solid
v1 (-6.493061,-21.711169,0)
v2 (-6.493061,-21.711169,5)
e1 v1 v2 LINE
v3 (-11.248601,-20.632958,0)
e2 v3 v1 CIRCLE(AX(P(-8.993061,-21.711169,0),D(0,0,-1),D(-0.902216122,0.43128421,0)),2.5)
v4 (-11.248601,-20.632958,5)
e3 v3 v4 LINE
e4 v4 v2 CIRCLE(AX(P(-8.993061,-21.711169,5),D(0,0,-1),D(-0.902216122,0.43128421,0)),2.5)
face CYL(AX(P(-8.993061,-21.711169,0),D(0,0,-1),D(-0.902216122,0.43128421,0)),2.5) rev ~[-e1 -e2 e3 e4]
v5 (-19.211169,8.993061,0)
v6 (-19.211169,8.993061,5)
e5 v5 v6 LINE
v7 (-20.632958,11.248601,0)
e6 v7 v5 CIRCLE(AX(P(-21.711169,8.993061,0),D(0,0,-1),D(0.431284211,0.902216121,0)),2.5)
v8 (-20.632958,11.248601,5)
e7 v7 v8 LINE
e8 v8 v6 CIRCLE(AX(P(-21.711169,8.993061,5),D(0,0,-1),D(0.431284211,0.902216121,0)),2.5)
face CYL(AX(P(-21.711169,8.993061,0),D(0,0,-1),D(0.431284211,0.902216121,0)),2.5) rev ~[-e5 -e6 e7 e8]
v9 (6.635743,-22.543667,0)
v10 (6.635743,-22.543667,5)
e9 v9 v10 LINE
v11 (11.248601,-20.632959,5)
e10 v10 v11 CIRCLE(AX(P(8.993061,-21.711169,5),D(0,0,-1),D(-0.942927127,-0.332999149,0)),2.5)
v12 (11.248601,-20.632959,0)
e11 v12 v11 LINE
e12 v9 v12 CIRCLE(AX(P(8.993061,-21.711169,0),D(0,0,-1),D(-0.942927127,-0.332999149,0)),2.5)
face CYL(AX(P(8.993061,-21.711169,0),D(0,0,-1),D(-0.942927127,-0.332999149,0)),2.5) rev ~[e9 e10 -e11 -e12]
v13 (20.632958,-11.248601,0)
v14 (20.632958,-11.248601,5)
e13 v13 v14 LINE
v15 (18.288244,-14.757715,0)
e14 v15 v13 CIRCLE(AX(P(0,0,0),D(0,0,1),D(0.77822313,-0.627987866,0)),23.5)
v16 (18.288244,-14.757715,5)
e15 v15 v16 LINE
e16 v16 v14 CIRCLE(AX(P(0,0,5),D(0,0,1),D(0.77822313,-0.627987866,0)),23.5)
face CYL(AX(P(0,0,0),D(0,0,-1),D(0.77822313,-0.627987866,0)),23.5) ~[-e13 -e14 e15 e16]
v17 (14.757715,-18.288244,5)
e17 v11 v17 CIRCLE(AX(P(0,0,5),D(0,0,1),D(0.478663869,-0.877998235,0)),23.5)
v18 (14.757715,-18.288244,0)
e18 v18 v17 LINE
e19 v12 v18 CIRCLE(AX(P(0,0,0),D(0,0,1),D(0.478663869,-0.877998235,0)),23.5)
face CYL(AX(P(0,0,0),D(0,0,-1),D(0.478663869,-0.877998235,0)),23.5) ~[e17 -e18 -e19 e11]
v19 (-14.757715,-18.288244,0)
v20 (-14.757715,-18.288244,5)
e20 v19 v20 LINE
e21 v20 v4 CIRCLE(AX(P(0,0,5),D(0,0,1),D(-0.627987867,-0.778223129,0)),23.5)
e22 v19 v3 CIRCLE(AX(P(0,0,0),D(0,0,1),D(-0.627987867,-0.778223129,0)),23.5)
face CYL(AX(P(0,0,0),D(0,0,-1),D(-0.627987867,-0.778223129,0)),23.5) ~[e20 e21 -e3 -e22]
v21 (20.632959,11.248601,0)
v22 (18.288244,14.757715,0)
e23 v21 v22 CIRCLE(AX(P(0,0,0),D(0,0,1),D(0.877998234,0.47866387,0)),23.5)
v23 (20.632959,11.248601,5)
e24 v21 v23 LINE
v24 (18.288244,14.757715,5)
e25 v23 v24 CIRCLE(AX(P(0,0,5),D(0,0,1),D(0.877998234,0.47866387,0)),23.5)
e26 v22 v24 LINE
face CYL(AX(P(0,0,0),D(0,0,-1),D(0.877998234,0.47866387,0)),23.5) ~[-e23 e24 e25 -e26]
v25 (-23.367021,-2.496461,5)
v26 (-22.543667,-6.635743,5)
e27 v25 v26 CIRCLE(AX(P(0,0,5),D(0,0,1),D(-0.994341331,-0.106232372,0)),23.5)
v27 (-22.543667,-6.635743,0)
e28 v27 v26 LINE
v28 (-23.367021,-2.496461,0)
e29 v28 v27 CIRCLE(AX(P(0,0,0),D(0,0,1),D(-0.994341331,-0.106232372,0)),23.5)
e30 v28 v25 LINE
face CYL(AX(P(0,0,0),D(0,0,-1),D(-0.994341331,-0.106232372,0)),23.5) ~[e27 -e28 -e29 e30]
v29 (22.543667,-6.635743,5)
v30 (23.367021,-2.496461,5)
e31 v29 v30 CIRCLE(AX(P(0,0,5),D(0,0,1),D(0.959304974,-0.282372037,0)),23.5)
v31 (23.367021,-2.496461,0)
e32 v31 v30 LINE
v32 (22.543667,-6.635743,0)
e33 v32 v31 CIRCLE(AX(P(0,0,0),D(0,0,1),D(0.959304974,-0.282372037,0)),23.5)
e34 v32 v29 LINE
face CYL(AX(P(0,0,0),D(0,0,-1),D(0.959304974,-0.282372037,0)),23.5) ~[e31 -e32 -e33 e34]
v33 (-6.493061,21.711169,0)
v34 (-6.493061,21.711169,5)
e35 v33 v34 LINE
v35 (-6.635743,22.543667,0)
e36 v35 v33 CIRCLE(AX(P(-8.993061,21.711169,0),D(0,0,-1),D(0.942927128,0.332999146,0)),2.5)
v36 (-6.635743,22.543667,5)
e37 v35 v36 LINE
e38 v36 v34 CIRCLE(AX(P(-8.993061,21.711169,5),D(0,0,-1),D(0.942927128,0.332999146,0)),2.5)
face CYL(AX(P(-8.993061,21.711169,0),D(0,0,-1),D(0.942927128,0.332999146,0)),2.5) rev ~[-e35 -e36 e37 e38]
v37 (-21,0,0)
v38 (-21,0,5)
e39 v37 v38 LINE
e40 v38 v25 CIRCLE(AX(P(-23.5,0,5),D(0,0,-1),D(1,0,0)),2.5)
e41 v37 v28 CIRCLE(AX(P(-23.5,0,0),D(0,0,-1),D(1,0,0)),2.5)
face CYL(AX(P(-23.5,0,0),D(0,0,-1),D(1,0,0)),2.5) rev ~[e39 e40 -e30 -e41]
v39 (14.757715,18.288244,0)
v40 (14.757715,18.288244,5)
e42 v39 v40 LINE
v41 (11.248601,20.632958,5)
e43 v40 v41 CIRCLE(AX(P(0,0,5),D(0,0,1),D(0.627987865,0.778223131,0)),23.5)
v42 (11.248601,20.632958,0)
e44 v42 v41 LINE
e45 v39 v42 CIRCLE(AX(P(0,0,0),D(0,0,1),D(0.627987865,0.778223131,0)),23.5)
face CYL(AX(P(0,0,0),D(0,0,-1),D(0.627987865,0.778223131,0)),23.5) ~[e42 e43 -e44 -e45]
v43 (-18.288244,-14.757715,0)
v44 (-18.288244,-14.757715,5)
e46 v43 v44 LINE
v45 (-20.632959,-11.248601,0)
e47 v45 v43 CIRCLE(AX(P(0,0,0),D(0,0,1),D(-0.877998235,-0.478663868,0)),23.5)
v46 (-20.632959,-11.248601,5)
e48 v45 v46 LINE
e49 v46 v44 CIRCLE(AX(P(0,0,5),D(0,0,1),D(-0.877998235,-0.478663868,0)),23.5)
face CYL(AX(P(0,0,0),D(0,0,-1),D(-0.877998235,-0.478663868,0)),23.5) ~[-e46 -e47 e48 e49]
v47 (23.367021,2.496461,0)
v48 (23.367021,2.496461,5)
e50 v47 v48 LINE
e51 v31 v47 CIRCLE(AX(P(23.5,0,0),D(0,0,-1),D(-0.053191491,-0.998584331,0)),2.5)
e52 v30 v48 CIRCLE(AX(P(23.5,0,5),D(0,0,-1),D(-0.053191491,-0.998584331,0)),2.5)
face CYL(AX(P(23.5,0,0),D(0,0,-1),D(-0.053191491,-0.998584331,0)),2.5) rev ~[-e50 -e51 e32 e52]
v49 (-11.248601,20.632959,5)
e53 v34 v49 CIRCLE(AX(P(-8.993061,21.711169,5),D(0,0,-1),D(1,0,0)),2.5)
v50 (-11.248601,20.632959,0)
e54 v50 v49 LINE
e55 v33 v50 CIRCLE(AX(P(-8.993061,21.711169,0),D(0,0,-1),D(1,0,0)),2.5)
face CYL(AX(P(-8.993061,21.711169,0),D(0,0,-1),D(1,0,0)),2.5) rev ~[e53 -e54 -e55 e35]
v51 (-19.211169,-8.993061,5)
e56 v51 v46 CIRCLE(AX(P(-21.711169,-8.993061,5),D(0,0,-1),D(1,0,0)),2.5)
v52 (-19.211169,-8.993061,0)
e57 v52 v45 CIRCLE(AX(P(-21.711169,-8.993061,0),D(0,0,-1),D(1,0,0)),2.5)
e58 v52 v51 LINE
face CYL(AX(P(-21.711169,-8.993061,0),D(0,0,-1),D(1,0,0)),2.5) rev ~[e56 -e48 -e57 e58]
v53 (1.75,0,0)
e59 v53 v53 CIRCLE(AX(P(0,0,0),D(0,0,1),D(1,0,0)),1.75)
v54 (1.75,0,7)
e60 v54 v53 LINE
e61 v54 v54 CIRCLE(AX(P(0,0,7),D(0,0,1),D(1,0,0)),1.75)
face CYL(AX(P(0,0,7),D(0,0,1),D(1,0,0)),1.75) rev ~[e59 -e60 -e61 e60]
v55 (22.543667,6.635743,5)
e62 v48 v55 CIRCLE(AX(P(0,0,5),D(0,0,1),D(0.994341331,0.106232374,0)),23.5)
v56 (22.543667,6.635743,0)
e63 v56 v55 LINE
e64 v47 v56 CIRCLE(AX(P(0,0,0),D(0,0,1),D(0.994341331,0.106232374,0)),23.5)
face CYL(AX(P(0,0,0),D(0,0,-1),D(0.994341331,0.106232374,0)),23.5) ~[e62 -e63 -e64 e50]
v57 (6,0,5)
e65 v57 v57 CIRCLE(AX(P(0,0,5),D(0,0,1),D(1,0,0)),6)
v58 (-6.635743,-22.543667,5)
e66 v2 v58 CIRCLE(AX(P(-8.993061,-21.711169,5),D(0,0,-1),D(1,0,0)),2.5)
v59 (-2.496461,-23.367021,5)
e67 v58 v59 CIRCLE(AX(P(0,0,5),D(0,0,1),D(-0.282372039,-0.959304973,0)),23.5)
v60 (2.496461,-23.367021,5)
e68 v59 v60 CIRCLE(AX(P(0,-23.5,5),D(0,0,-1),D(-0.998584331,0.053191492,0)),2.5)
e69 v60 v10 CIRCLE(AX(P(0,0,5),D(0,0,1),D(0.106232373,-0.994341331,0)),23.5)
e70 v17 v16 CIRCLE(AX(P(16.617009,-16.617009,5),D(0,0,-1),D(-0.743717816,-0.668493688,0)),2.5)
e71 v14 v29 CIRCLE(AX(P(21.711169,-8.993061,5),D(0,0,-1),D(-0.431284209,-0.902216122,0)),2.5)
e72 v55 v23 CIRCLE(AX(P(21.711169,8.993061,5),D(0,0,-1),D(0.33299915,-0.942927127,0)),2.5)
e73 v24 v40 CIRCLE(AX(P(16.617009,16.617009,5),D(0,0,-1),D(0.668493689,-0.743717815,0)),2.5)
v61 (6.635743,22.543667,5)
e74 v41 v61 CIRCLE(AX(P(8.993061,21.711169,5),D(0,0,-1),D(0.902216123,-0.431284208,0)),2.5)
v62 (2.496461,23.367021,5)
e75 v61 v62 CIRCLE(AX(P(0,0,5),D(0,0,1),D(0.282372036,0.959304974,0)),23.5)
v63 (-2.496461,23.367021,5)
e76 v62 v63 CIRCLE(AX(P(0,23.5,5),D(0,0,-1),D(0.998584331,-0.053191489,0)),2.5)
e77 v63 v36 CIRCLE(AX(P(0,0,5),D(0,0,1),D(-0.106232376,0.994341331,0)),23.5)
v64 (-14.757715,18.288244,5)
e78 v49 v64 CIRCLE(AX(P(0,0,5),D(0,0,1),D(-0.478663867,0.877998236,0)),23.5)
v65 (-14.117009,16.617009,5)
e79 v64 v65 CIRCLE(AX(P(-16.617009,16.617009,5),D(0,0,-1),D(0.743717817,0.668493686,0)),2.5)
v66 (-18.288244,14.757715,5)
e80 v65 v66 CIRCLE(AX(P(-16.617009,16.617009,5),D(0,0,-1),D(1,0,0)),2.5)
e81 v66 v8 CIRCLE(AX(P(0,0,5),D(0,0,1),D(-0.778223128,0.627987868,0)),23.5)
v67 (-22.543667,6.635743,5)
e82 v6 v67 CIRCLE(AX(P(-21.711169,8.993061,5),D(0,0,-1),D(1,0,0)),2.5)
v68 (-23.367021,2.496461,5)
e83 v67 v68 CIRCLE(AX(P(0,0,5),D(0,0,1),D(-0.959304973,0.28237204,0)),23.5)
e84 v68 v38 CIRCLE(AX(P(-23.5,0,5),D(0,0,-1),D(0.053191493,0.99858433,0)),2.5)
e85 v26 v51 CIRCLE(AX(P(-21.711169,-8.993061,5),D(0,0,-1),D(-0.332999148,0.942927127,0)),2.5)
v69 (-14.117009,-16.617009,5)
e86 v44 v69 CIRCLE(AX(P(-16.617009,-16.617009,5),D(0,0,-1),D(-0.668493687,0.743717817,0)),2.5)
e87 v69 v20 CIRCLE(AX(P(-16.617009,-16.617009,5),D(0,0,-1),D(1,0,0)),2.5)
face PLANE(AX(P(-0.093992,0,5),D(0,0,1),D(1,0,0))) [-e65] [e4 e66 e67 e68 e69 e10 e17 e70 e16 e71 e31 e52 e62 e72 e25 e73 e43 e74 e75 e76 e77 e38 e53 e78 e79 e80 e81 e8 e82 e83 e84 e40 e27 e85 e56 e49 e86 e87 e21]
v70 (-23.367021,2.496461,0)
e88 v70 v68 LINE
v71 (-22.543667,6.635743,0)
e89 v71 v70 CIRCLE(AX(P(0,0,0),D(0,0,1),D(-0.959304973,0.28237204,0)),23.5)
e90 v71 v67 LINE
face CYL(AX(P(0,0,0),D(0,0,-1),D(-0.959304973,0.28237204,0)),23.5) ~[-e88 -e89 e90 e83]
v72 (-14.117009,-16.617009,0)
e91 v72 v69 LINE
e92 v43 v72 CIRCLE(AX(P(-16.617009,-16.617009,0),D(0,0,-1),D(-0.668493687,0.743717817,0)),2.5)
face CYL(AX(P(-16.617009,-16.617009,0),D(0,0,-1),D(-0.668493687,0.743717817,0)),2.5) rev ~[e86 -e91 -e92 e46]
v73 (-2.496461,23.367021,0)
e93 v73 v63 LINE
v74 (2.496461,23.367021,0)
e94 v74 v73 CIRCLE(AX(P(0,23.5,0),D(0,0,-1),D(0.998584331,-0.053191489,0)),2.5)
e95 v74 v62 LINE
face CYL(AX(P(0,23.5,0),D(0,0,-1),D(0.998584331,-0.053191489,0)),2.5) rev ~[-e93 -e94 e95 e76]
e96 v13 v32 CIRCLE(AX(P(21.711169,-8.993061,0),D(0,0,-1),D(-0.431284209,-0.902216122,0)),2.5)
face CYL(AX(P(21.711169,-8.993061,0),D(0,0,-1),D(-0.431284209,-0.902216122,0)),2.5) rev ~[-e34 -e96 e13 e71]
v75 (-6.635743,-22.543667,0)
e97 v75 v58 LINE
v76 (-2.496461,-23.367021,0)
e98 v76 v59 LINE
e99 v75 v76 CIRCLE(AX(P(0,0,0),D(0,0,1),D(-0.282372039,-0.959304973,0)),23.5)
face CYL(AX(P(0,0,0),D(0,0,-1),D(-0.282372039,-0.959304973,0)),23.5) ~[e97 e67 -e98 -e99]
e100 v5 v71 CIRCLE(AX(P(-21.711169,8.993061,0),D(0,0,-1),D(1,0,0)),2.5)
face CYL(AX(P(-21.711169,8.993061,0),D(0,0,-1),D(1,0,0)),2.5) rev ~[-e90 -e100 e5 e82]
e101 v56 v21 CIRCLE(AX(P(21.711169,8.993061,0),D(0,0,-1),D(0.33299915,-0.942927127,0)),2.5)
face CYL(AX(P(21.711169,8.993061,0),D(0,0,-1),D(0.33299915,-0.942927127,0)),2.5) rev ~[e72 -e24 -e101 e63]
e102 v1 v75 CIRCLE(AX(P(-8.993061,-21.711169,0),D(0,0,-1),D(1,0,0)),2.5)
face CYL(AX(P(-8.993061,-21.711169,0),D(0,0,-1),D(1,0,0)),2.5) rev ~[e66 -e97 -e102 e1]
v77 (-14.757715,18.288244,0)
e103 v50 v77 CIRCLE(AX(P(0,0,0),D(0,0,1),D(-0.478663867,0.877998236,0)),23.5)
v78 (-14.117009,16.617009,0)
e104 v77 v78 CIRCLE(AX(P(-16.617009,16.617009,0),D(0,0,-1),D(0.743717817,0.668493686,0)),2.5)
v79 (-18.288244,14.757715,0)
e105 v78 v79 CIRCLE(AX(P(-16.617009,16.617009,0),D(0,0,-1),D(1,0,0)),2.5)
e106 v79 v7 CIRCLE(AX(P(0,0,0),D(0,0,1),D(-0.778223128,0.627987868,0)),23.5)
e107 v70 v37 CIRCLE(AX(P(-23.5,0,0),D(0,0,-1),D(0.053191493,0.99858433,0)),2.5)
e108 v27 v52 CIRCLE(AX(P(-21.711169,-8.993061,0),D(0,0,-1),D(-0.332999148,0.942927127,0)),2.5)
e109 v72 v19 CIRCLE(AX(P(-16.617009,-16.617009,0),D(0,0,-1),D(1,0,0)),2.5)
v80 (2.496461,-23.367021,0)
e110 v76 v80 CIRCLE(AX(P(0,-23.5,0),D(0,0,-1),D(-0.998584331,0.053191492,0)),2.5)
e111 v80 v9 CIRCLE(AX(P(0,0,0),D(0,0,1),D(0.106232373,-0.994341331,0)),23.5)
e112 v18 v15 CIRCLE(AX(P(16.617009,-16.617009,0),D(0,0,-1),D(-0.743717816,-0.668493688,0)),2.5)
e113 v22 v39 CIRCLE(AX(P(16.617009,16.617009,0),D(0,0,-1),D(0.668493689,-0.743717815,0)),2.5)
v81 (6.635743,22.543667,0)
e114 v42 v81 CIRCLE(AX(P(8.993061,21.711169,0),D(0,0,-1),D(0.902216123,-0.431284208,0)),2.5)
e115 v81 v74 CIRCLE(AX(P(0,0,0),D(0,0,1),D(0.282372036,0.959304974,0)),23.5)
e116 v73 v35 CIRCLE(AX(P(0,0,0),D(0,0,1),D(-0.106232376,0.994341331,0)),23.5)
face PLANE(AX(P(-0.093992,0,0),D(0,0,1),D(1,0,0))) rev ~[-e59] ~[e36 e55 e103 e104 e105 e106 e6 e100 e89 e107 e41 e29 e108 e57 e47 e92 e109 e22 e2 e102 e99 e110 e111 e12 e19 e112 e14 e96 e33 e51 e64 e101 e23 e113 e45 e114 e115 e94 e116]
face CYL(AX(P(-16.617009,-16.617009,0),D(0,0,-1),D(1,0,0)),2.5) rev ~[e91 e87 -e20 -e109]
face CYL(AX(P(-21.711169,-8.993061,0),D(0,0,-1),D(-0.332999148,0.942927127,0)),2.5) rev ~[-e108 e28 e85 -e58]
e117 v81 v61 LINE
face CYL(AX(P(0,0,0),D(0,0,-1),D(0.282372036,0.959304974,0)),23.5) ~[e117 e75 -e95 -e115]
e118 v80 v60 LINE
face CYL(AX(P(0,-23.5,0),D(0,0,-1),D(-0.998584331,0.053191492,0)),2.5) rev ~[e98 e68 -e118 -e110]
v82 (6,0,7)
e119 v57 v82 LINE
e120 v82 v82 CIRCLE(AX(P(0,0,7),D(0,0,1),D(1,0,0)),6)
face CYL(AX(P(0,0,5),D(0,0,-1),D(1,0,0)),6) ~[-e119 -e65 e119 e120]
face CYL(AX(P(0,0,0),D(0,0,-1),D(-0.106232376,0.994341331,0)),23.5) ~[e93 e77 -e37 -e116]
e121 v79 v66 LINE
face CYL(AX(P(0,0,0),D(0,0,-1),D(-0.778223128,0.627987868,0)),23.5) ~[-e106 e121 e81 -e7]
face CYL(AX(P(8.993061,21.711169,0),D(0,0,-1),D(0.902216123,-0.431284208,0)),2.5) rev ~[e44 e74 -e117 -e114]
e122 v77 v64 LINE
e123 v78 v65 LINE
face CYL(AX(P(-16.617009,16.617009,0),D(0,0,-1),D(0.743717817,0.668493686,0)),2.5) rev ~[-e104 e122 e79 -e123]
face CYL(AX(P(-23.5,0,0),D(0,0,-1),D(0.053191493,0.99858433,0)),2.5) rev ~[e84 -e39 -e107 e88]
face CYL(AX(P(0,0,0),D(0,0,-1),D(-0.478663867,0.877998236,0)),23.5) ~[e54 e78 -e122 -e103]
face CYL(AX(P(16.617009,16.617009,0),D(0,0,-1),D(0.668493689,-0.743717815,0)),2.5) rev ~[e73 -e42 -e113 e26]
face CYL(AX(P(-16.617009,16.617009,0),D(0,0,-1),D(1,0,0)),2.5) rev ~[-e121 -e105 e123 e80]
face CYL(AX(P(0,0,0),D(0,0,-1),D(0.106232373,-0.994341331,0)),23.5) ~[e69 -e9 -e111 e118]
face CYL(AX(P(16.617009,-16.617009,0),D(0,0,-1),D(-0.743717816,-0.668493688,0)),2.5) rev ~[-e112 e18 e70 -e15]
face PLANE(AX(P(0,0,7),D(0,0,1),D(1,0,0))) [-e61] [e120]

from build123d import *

# Parameters (mm, degrees)
F1_DEPTH = 5
F2_R     = 6
F3_DEPTH = 2
F4_R     = 1.75
F5_DEPTH = 25


with BuildPart() as f1:
    # F0 (on Top) → F1 (new body)
    with BuildSketch(Plane.XY):
        with BuildLine():
            ThreePointArc((23.3670212736, -2.4964608548), (21, -2.53e-08), (23.3670212796, 2.4964607985))
            ThreePointArc((23.3670212796, 2.4964607985), (23.0484540943, 4.5846225431), (22.5436668971, 6.6357428244))
            ThreePointArc((22.5436668971, 6.6357428244), (19.40147019, 8.0363520621), (20.6329585055, 11.2486009491))
            ThreePointArc((20.6329585055, 11.2486009491), (19.5395358989, 13.0559004612), (18.2882435892, 14.7577148103))
            ThreePointArc((18.2882435892, 14.7577148103), (14.8492424139, 14.849242396), (14.7577148323, 18.2882435714))
            ThreePointArc((14.7577148323, 18.2882435714), (13.0559004848, 19.5395358832), (11.248600974, 20.6329584919))
            ThreePointArc((11.248600974, 20.6329584919), (8.0363520855, 19.4014701803), (6.6357428516, 22.5436668891))
            ThreePointArc((6.6357428516, 22.5436668891), (4.5846225709, 23.0484540888), (2.4964608267, 23.3670212766))
            ThreePointArc((2.4964608267, 23.3670212766), (0, 21), (-2.4964608267, 23.3670212766))
            ThreePointArc((-2.4964608267, 23.3670212766), (-4.5846225153, 23.0484540998), (-6.6357427429, 22.5436669211))
            ThreePointArc((-6.6357427429, 22.5436669211), (-6.5289892822, 22.1334873299), (-6.4930605625, 21.7111690547))
            ThreePointArc((-6.4930605625, 21.7111690547), (-8.440272529, 19.2730498225), (-11.2486008745, 20.6329585461))
            ThreePointArc((-11.2486008745, 20.6329585461), (-13.0559003906, 19.5395359461), (-14.7577147442, 18.2882436426))
            ThreePointArc((-14.7577147442, 18.2882436426), (-14.2826746546, 17.5119294358), (-14.1170092878, 16.617009428))
            ThreePointArc((-14.1170092878, 16.617009428), (-15.5991894549, 14.3335815688), (-18.2882435181, 14.7577148984))
            ThreePointArc((-18.2882435181, 14.7577148984), (-19.539535836, 13.0559005554), (-20.6329584512, 11.2486010486))
            ThreePointArc((-20.6329584512, 11.2486010486), (-19.5962781638, 10.3261912121), (-19.2111689788, 8.9930607456))
            ThreePointArc((-19.2111689788, 8.9930607456), (-20.267431592, 6.9520751117), (-22.5436668651, 6.6357429331))
            ThreePointArc((-22.5436668651, 6.6357429331), (-23.0484540722, 4.5846226542), (-23.3670212676, 2.4964609112))
            ThreePointArc((-23.3670212676, 2.4964609112), (-21.6858270712, 1.7201095537), (-21, 8.5e-08))
            ThreePointArc((-21, 8.5e-08), (-21.6858270774, -1.7201093903), (-23.3670212856, -2.4964607422))
            ThreePointArc((-23.3670212856, -2.4964607422), (-23.0484541054, -4.5846224875), (-22.5436669131, -6.6357427701))
            ThreePointArc((-22.5436669131, -6.6357427701), (-20.2674316496, -6.9520749599), (-19.2111690438, -8.9930605886))
            ThreePointArc((-19.2111690438, -8.9930605886), (-19.5962782336, -10.3261910627), (-20.6329585326, -11.2486008994))
            ThreePointArc((-20.6329585326, -11.2486008994), (-19.5395359304, -13.0559004141), (-18.2882436248, -14.7577147662))
            ThreePointArc((-18.2882436248, -14.7577147662), (-15.5991895668, -14.3335814524), (-14.1170094079, -16.6170093078))
            ThreePointArc((-14.1170094079, -16.6170093078), (-14.282674778, -17.5119293241), (-14.7577148764, -18.2882435359))
            ThreePointArc((-14.7577148764, -18.2882435359), (-13.0559005319, -19.5395358517), (-11.2486010237, -20.6329584648))
            ThreePointArc((-11.2486010237, -20.6329584648), (-8.4402726772, -19.2730497595), (-6.4930607194, -21.7111689896))
            ThreePointArc((-6.4930607194, -21.7111689896), (-6.5289894407, -22.1334872737), (-6.6357429059, -22.5436668731))
            ThreePointArc((-6.6357429059, -22.5436668731), (-4.5846226264, -23.0484540777), (-2.496460883, -23.3670212706))
            ThreePointArc((-2.496460883, -23.3670212706), (-5.06e-08, -21), (2.4964607704, -23.3670212826))
            ThreePointArc((2.4964607704, -23.3670212826), (4.5846225153, -23.0484540998), (6.6357427973, -22.5436669051))
            ThreePointArc((6.6357427973, -22.5436669051), (8.0363520388, -19.4014701997), (11.2486009242, -20.632958519))
            ThreePointArc((11.2486009242, -20.632958519), (13.0559004377, -19.5395359147), (14.7577147882, -18.288243607))
            ThreePointArc((14.7577147882, -18.288243607), (14.8492423781, -14.8492424318), (18.2882435536, -14.7577148544))
            ThreePointArc((18.2882435536, -14.7577148544), (19.5395358675, -13.0559005083), (20.6329584783, -11.2486009988))
            ThreePointArc((20.6329584783, -11.2486009988), (19.4014701706, -8.0363521089), (22.5436668811, -6.6357428788))
            ThreePointArc((22.5436668811, -6.6357428788), (23.0484540833, -4.5846225986), (23.3670212736, -2.4964608548))
        make_face()
    extrude(amount=F1_DEPTH)

    # F2 (on face) → F3 (join)
    with BuildSketch(Plane.XY.offset(5)):
        Circle(F2_R)
    extrude(amount=F3_DEPTH)

    # F4 (on face) → F5 (cut)
    with BuildSketch(Plane.XY.offset(7)):
        Circle(F4_R)
    extrude(amount=-F5_DEPTH, mode=Mode.SUBTRACT)


solid = f1.part
